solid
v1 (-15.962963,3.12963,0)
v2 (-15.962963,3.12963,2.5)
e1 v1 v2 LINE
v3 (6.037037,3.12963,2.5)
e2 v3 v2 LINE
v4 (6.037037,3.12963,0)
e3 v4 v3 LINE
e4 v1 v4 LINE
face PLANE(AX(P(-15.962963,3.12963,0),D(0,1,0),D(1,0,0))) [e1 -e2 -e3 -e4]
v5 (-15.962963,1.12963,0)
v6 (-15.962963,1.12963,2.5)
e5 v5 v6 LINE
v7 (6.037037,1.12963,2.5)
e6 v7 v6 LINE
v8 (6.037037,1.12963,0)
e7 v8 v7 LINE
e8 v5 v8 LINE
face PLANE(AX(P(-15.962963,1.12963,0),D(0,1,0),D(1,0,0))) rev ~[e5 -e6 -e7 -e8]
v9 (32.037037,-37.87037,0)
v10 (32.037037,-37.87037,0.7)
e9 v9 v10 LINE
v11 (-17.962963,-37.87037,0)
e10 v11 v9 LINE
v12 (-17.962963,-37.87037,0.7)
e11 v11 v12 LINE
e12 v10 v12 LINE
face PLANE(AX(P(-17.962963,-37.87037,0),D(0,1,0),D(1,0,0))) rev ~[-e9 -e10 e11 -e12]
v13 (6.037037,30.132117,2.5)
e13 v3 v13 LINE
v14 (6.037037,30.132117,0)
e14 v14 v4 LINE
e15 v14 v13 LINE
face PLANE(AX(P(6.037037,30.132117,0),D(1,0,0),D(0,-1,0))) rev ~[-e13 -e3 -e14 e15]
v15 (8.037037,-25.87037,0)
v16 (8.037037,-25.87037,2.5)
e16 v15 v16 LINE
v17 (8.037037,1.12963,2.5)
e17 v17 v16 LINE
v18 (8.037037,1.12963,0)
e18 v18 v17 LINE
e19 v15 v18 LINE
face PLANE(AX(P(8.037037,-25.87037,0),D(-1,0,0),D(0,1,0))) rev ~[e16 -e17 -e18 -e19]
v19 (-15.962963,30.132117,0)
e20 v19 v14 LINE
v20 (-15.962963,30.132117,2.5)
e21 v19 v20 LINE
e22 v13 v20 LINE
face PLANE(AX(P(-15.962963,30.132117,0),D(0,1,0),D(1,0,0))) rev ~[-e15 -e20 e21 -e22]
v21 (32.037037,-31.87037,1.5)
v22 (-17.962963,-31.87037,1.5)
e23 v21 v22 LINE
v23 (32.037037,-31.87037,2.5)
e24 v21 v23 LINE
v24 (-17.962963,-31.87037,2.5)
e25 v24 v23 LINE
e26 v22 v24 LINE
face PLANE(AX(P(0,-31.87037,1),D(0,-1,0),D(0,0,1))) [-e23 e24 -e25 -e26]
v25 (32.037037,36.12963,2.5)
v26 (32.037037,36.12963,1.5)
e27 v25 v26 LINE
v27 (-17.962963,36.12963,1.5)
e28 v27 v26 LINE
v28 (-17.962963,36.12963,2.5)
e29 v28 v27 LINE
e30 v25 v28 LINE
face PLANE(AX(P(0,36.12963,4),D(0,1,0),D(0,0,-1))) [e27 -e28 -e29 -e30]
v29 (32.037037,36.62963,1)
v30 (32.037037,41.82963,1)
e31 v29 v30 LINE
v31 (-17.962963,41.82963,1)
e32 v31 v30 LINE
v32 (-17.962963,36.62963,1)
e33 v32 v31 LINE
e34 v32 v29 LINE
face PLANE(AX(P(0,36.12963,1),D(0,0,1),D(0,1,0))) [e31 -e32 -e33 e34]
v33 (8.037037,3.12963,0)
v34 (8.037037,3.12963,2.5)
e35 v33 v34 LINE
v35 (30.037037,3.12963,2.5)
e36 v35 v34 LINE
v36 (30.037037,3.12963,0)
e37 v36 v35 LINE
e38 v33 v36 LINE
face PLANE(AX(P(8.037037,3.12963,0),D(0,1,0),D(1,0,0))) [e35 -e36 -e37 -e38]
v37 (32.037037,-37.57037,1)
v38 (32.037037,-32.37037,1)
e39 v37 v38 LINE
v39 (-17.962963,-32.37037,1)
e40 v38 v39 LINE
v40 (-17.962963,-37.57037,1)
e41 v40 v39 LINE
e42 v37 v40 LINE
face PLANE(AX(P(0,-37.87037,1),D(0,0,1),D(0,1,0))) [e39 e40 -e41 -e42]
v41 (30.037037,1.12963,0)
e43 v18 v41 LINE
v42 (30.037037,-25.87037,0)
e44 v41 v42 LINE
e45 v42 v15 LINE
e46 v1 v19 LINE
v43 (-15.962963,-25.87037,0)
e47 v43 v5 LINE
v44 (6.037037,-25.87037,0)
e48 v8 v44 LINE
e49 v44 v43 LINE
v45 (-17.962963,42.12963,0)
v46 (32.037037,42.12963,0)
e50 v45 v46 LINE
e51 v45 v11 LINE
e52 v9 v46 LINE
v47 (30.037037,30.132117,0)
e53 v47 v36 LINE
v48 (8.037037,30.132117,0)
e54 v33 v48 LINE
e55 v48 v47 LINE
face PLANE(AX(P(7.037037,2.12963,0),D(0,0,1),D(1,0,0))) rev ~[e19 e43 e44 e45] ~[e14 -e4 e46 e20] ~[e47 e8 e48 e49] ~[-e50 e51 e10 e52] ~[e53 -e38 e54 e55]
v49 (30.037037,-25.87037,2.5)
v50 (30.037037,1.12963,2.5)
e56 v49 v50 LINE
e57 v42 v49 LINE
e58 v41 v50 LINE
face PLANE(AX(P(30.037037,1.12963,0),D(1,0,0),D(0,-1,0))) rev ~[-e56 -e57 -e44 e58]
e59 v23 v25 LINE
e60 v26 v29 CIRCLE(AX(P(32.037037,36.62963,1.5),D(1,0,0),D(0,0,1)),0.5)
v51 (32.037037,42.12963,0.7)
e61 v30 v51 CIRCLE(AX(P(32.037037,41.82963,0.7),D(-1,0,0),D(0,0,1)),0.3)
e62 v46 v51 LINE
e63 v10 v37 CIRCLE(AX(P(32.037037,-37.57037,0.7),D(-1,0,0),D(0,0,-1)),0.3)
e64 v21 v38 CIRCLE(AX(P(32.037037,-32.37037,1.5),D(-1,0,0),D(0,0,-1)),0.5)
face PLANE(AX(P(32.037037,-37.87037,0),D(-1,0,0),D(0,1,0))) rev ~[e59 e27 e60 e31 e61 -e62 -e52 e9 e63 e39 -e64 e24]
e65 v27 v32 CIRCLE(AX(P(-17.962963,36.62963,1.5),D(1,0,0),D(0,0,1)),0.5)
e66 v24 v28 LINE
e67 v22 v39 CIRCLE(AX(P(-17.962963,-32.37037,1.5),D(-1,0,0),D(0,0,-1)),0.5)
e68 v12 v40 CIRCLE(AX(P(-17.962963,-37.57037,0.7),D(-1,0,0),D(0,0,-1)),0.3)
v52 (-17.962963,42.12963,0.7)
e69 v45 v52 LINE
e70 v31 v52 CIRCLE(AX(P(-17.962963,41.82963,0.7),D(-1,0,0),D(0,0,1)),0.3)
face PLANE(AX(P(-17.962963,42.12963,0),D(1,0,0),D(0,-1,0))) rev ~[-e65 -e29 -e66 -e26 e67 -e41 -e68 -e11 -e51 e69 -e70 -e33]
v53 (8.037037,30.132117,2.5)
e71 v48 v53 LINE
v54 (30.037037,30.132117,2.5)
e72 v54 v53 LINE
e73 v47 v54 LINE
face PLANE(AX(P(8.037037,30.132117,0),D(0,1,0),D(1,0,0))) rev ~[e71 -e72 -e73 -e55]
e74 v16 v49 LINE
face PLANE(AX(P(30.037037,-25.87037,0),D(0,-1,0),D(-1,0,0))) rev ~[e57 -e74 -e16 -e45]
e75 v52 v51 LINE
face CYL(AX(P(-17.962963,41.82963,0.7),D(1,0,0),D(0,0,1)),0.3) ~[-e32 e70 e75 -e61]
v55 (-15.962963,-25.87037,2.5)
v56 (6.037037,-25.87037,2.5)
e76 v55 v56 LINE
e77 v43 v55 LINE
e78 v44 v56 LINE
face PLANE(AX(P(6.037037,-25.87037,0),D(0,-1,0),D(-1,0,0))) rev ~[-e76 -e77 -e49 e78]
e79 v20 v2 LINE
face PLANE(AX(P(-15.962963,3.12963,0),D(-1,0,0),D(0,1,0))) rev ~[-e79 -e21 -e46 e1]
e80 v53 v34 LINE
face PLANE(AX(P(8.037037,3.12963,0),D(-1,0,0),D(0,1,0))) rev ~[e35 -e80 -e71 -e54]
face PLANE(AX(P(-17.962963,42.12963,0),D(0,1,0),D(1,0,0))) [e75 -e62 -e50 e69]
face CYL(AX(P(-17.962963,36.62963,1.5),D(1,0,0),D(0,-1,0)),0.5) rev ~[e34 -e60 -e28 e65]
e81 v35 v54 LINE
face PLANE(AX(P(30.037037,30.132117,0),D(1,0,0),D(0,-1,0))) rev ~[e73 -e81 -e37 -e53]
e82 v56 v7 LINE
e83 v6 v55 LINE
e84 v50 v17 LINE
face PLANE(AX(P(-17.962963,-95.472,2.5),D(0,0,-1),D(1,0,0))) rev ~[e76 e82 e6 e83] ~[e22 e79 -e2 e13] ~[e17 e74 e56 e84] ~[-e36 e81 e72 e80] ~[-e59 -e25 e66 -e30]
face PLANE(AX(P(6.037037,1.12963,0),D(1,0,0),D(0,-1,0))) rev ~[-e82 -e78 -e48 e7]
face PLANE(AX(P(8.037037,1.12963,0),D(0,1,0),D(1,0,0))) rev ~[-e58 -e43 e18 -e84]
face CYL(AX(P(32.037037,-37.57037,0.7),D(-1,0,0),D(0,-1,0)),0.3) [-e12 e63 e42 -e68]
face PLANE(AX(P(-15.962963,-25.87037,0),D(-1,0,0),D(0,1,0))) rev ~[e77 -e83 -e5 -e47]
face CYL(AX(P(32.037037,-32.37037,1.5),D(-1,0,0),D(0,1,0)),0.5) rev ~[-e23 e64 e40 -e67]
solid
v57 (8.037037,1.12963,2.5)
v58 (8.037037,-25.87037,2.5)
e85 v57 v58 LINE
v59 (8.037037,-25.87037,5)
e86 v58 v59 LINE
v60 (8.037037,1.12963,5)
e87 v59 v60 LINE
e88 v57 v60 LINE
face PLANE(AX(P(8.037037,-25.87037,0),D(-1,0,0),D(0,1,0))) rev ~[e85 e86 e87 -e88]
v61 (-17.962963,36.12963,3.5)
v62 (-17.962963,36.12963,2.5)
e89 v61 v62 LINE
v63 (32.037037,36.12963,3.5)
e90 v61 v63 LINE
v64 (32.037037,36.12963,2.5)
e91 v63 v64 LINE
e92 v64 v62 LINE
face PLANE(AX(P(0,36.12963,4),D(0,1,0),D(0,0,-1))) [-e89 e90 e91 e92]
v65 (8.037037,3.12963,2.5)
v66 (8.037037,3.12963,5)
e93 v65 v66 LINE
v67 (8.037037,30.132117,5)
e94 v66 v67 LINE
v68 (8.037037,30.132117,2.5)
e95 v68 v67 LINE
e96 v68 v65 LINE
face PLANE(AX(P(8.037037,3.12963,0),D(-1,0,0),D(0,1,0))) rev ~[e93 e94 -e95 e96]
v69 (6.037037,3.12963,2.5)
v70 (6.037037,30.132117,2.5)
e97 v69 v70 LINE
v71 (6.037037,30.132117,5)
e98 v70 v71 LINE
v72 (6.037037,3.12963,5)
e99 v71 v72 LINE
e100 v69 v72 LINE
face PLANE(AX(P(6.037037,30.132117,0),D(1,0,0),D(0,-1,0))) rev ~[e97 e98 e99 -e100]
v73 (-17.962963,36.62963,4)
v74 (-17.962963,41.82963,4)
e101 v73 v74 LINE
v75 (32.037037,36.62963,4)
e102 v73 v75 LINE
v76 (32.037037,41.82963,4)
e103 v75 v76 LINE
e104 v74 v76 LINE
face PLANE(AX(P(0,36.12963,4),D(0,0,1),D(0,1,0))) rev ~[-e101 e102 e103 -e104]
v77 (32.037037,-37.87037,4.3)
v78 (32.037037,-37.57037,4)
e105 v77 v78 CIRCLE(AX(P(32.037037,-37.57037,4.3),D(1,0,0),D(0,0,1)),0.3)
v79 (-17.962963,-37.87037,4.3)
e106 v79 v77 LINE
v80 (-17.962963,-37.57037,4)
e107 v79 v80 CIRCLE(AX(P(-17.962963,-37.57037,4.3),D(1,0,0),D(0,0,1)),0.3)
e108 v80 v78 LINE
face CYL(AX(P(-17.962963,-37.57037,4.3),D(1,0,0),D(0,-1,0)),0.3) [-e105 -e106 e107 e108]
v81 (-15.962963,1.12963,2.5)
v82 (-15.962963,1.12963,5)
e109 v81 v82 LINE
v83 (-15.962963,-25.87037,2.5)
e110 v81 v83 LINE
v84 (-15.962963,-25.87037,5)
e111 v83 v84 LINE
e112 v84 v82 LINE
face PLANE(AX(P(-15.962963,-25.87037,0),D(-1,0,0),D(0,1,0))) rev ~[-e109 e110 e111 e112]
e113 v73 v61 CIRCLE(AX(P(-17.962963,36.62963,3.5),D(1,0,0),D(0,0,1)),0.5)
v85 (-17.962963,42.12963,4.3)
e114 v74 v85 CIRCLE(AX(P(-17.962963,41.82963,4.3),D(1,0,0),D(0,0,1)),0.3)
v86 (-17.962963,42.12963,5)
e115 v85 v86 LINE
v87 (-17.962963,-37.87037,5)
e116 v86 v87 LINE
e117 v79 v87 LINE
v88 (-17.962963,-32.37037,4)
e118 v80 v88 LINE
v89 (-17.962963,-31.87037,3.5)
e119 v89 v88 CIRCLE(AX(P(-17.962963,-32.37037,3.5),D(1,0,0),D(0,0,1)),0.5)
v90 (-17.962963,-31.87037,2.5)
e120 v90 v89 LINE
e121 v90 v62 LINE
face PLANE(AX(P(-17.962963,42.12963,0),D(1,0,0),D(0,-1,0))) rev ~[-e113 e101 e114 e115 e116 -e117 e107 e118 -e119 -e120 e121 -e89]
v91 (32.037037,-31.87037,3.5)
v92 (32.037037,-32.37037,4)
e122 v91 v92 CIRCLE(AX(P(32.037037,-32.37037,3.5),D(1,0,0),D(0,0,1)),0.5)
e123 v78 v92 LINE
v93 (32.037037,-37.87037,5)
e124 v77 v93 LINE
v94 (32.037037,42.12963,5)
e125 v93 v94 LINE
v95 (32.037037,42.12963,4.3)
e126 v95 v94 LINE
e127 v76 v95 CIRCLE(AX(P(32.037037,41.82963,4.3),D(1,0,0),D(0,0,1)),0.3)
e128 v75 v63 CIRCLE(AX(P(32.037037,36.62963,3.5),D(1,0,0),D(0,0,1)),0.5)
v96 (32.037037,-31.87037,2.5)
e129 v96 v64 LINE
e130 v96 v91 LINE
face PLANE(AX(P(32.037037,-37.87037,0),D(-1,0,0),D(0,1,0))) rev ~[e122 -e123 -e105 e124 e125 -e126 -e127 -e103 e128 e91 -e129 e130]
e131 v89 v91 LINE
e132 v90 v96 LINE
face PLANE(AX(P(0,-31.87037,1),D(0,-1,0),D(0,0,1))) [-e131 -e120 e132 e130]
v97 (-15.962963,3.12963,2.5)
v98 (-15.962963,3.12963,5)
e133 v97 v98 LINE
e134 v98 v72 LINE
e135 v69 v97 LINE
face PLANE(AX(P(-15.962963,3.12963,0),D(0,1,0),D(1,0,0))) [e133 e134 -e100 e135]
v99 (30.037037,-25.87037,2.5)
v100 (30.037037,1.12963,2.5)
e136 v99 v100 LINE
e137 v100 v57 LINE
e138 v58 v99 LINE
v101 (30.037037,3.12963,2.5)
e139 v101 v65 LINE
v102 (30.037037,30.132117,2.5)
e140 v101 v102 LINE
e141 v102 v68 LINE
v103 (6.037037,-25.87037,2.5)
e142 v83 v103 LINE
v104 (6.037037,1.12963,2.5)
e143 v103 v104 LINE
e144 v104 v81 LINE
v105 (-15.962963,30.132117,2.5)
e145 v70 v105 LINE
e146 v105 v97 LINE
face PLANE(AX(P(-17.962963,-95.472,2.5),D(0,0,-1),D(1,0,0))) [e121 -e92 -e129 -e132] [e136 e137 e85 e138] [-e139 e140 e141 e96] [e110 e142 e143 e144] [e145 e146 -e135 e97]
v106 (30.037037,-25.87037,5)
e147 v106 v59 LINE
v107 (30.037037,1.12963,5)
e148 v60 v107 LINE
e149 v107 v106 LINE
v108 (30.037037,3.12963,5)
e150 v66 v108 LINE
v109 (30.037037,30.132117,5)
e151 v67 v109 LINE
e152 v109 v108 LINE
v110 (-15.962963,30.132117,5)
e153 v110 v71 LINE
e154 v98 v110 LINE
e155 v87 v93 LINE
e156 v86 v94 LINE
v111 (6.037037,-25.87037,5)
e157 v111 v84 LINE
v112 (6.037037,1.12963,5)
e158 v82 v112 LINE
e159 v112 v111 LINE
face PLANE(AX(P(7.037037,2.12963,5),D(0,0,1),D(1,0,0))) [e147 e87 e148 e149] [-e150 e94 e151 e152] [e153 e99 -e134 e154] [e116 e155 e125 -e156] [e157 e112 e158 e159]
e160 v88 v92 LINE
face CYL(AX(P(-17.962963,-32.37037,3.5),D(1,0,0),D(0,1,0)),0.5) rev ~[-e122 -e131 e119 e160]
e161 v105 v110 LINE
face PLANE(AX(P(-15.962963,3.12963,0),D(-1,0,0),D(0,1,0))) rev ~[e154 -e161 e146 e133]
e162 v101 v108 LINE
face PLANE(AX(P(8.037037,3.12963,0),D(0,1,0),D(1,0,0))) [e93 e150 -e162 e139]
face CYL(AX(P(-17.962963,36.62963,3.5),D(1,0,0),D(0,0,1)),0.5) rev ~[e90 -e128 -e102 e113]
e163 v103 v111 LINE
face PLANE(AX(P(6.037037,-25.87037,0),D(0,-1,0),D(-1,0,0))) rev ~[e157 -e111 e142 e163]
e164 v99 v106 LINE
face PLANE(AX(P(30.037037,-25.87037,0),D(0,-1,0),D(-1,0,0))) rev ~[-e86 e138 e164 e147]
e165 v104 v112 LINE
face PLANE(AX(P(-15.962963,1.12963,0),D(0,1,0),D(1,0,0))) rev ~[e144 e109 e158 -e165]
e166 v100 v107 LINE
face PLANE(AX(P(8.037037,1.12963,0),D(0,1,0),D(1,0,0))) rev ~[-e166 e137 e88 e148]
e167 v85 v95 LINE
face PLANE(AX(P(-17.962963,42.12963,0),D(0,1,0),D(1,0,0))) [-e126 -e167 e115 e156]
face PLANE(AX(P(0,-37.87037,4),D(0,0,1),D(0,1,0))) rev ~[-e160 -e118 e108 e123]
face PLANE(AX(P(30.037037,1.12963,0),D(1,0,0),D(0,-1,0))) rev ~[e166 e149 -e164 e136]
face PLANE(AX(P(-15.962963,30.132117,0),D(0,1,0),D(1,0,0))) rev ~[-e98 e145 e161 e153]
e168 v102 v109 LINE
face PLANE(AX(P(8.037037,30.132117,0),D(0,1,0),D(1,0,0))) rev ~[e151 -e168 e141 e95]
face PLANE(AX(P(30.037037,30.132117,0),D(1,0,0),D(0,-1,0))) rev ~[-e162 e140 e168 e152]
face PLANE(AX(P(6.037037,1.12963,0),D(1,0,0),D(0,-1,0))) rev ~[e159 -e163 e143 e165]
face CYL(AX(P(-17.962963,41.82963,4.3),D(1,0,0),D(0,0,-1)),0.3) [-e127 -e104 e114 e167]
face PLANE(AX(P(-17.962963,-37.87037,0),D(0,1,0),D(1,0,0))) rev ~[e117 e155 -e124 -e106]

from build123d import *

# Parameters (mm, degrees)
ESBO_O1_W                  = 50
ESBO_O1_H                  = 10
ESBO_O1_W_2                = 22
ESBO_O1_H_2                = 1
RESSALTO_EXTRUS_O1_DEPTH   = 5
ESBO_O2_W                  = 1.5
ESBO_O2_H                  = 6
CORTE_EXTRUS_O2_DEPTH      = 54.162744802
CORTE_EXTRUS_O2_DEPTH_BACK = 54.162744802
FILETE3_R                  = 0.5
FILETE4_R                  = 0.3
DIVIDIR1_SURFACE_1_BACK    = 95.472
DIVIDIR1_SURFACE_1_DEPTH   = 190.944
DIVIDIR1_SURFACE_2_BACK    = 95.472
DIVIDIR1_SURFACE_2_DEPTH   = 190.944


with BuildPart() as part:
    # Esboço1 → Ressalto-extrusão1 (new body)
    with BuildSketch(Plane.XY):
        Polygon((-15.962962963, 32.12962963), (-17.962962963, 32.12962963), (-17.962962963, 30.132116639), (-17.962962963, 3.12962963), (-17.962962963, 1.12962963), (-17.962962963, -25.87037037), (-17.962962963, -27.87037037), (-15.962962963, -27.87037037), (6.037037037, -27.87037037), (8.037037037, -27.87037037), (30.037037037, -27.87037037), (32.037037037, -27.87037037), (32.037037037, -25.87037037), (32.037037037, 1.12962963), (32.037037037, 3.12962963), (32.037037037, 30.132116639), (32.037037037, 32.12962963), (30.037037037, 32.12962963), (8.037037037, 32.12962963), (6.037037037, 32.12962963), align=None)
        Polygon((6.037037037, 30.132116639), (7.037037037, 30.132116639), (8.037037037, 30.132116639), (30.037037037, 30.132116639), (30.037037037, 3.12962963), (30.037037037, 2.12962963), (30.037037037, 1.12962963), (30.037037037, -25.87037037), (8.037037037, -25.87037037), (7.037037037, -25.87037037), (6.037037037, -25.87037037), (-15.962962963, -25.87037037), (-15.962962963, 1.12962963), (-15.962962963, 2.12962963), (-15.962962963, 3.12962963), (-15.962962963, 30.132116639), align=None, mode=Mode.SUBTRACT)
        with Locations((7.037037037, -32.87037037)):
            Rectangle(ESBO_O1_W, ESBO_O1_H)
        Polygon((8.037037037, 30.132116639), (7.037037037, 30.132116639), (7.037037037, -25.87037037), (8.037037037, -25.87037037), (8.037037037, 1.12962963), (8.037037037, 2.12962963), (8.037037037, 3.12962963), align=None)
        Polygon((7.037037037, -25.87037037), (7.037037037, 30.132116639), (6.037037037, 30.132116639), (6.037037037, 3.12962963), (6.037037037, 2.12962963), (6.037037037, 1.12962963), (6.037037037, -25.87037037), align=None)
        with Locations((19.037037037, 2.62962963)):
            Rectangle(ESBO_O1_W_2, ESBO_O1_H_2)
        with Locations((19.037037037, 1.62962963)):
            Rectangle(ESBO_O1_W_2, ESBO_O1_H_2)
        with Locations((-4.962962963, 2.62962963)):
            Rectangle(ESBO_O1_W_2, ESBO_O1_H_2)
        with Locations((-4.962962963, 1.62962963)):
            Rectangle(ESBO_O1_W_2, ESBO_O1_H_2)
        with Locations((7.037037037, 37.12962963)):
            Rectangle(ESBO_O1_W, ESBO_O1_H)
    extrude(amount=RESSALTO_EXTRUS_O1_DEPTH)

    # Esboço2 → Corte-extrusão2 (cut, two sides)
    with BuildSketch(Plane(origin=(0, 0, 0), x_dir=(0, 0, -1), z_dir=(1, 0, 0))) as corte_extrus_o2_sk:
        with Locations((-3.25, -34.87037037)):
            Rectangle(ESBO_O2_W, ESBO_O2_H)
        with Locations((-1.75, -34.87037037)):
            Rectangle(ESBO_O2_W, ESBO_O2_H)
        with Locations((-3.25, 39.12962963)):
            Rectangle(ESBO_O2_W, ESBO_O2_H)
        with Locations((-1.75, 39.12962963)):
            Rectangle(ESBO_O2_W, ESBO_O2_H)
    extrude(amount=CORTE_EXTRUS_O2_DEPTH, mode=Mode.SUBTRACT)
    extrude(corte_extrus_o2_sk.sketch, amount=-CORTE_EXTRUS_O2_DEPTH_BACK, mode=Mode.SUBTRACT)

    # Filete3
    filete3_edges = [part.edges().sort_by_distance(p)[0] for p in [
        (7.037037037, -31.87037037, 4),
        (7.037037037, -31.87037037, 1),
        (7.037037037, 36.12962963, 1),
        (7.037037037, 36.12962963, 4),
    ]]
    fillet(filete3_edges, radius=FILETE3_R)

    # Filete4
    filete4_edges = [part.edges().sort_by_distance(p)[0] for p in [
        (7.037037037, -37.87037037, 1),
        (7.037037037, -37.87037037, 4),
        (7.037037037, 42.12962963, 4),
        (7.037037037, 42.12962963, 1),
    ]]
    fillet(filete4_edges, radius=FILETE4_R)


with BuildPart() as body_2:
    # Dividir1: the piece behind the surface
    add(part.part)
    # Dividir1 surface: a surface, the sketch's curves swept straight by 190.944 mm
    with BuildLine(Plane(origin=(0, 0, 0), x_dir=(1, 0, 0), z_dir=(0, 1, 0)).offset(-DIVIDIR1_SURFACE_1_BACK), mode=Mode.PRIVATE) as dividir1_surface_1_path:
        Line((-17.962962963, -2.5), (32.037037037, -2.5))
    dividir1_surface_1 = Shell.extrude(dividir1_surface_1_path.wire(), (0 * DIVIDIR1_SURFACE_1_DEPTH, 1 * DIVIDIR1_SURFACE_1_DEPTH, 0 * DIVIDIR1_SURFACE_1_DEPTH))
    split(bisect_by=dividir1_surface_1, keep=Keep.BOTTOM)


with BuildPart() as part_1:
    add(part.part)

    # Dividir1: split by a surface, the side it looks to stays
    # Dividir1 surface: a surface, the sketch's curves swept straight by 190.944 mm
    with BuildLine(Plane(origin=(0, 0, 0), x_dir=(1, 0, 0), z_dir=(0, 1, 0)).offset(-DIVIDIR1_SURFACE_2_BACK), mode=Mode.PRIVATE) as dividir1_surface_2_path:
        Line((-17.962962963, -2.5), (32.037037037, -2.5))
    dividir1_surface_2 = Shell.extrude(dividir1_surface_2_path.wire(), (0 * DIVIDIR1_SURFACE_2_DEPTH, 1 * DIVIDIR1_SURFACE_2_DEPTH, 0 * DIVIDIR1_SURFACE_2_DEPTH))
    split(bisect_by=dividir1_surface_2, keep=Keep.TOP)


solid = Compound([body_2.part, part_1.part])
